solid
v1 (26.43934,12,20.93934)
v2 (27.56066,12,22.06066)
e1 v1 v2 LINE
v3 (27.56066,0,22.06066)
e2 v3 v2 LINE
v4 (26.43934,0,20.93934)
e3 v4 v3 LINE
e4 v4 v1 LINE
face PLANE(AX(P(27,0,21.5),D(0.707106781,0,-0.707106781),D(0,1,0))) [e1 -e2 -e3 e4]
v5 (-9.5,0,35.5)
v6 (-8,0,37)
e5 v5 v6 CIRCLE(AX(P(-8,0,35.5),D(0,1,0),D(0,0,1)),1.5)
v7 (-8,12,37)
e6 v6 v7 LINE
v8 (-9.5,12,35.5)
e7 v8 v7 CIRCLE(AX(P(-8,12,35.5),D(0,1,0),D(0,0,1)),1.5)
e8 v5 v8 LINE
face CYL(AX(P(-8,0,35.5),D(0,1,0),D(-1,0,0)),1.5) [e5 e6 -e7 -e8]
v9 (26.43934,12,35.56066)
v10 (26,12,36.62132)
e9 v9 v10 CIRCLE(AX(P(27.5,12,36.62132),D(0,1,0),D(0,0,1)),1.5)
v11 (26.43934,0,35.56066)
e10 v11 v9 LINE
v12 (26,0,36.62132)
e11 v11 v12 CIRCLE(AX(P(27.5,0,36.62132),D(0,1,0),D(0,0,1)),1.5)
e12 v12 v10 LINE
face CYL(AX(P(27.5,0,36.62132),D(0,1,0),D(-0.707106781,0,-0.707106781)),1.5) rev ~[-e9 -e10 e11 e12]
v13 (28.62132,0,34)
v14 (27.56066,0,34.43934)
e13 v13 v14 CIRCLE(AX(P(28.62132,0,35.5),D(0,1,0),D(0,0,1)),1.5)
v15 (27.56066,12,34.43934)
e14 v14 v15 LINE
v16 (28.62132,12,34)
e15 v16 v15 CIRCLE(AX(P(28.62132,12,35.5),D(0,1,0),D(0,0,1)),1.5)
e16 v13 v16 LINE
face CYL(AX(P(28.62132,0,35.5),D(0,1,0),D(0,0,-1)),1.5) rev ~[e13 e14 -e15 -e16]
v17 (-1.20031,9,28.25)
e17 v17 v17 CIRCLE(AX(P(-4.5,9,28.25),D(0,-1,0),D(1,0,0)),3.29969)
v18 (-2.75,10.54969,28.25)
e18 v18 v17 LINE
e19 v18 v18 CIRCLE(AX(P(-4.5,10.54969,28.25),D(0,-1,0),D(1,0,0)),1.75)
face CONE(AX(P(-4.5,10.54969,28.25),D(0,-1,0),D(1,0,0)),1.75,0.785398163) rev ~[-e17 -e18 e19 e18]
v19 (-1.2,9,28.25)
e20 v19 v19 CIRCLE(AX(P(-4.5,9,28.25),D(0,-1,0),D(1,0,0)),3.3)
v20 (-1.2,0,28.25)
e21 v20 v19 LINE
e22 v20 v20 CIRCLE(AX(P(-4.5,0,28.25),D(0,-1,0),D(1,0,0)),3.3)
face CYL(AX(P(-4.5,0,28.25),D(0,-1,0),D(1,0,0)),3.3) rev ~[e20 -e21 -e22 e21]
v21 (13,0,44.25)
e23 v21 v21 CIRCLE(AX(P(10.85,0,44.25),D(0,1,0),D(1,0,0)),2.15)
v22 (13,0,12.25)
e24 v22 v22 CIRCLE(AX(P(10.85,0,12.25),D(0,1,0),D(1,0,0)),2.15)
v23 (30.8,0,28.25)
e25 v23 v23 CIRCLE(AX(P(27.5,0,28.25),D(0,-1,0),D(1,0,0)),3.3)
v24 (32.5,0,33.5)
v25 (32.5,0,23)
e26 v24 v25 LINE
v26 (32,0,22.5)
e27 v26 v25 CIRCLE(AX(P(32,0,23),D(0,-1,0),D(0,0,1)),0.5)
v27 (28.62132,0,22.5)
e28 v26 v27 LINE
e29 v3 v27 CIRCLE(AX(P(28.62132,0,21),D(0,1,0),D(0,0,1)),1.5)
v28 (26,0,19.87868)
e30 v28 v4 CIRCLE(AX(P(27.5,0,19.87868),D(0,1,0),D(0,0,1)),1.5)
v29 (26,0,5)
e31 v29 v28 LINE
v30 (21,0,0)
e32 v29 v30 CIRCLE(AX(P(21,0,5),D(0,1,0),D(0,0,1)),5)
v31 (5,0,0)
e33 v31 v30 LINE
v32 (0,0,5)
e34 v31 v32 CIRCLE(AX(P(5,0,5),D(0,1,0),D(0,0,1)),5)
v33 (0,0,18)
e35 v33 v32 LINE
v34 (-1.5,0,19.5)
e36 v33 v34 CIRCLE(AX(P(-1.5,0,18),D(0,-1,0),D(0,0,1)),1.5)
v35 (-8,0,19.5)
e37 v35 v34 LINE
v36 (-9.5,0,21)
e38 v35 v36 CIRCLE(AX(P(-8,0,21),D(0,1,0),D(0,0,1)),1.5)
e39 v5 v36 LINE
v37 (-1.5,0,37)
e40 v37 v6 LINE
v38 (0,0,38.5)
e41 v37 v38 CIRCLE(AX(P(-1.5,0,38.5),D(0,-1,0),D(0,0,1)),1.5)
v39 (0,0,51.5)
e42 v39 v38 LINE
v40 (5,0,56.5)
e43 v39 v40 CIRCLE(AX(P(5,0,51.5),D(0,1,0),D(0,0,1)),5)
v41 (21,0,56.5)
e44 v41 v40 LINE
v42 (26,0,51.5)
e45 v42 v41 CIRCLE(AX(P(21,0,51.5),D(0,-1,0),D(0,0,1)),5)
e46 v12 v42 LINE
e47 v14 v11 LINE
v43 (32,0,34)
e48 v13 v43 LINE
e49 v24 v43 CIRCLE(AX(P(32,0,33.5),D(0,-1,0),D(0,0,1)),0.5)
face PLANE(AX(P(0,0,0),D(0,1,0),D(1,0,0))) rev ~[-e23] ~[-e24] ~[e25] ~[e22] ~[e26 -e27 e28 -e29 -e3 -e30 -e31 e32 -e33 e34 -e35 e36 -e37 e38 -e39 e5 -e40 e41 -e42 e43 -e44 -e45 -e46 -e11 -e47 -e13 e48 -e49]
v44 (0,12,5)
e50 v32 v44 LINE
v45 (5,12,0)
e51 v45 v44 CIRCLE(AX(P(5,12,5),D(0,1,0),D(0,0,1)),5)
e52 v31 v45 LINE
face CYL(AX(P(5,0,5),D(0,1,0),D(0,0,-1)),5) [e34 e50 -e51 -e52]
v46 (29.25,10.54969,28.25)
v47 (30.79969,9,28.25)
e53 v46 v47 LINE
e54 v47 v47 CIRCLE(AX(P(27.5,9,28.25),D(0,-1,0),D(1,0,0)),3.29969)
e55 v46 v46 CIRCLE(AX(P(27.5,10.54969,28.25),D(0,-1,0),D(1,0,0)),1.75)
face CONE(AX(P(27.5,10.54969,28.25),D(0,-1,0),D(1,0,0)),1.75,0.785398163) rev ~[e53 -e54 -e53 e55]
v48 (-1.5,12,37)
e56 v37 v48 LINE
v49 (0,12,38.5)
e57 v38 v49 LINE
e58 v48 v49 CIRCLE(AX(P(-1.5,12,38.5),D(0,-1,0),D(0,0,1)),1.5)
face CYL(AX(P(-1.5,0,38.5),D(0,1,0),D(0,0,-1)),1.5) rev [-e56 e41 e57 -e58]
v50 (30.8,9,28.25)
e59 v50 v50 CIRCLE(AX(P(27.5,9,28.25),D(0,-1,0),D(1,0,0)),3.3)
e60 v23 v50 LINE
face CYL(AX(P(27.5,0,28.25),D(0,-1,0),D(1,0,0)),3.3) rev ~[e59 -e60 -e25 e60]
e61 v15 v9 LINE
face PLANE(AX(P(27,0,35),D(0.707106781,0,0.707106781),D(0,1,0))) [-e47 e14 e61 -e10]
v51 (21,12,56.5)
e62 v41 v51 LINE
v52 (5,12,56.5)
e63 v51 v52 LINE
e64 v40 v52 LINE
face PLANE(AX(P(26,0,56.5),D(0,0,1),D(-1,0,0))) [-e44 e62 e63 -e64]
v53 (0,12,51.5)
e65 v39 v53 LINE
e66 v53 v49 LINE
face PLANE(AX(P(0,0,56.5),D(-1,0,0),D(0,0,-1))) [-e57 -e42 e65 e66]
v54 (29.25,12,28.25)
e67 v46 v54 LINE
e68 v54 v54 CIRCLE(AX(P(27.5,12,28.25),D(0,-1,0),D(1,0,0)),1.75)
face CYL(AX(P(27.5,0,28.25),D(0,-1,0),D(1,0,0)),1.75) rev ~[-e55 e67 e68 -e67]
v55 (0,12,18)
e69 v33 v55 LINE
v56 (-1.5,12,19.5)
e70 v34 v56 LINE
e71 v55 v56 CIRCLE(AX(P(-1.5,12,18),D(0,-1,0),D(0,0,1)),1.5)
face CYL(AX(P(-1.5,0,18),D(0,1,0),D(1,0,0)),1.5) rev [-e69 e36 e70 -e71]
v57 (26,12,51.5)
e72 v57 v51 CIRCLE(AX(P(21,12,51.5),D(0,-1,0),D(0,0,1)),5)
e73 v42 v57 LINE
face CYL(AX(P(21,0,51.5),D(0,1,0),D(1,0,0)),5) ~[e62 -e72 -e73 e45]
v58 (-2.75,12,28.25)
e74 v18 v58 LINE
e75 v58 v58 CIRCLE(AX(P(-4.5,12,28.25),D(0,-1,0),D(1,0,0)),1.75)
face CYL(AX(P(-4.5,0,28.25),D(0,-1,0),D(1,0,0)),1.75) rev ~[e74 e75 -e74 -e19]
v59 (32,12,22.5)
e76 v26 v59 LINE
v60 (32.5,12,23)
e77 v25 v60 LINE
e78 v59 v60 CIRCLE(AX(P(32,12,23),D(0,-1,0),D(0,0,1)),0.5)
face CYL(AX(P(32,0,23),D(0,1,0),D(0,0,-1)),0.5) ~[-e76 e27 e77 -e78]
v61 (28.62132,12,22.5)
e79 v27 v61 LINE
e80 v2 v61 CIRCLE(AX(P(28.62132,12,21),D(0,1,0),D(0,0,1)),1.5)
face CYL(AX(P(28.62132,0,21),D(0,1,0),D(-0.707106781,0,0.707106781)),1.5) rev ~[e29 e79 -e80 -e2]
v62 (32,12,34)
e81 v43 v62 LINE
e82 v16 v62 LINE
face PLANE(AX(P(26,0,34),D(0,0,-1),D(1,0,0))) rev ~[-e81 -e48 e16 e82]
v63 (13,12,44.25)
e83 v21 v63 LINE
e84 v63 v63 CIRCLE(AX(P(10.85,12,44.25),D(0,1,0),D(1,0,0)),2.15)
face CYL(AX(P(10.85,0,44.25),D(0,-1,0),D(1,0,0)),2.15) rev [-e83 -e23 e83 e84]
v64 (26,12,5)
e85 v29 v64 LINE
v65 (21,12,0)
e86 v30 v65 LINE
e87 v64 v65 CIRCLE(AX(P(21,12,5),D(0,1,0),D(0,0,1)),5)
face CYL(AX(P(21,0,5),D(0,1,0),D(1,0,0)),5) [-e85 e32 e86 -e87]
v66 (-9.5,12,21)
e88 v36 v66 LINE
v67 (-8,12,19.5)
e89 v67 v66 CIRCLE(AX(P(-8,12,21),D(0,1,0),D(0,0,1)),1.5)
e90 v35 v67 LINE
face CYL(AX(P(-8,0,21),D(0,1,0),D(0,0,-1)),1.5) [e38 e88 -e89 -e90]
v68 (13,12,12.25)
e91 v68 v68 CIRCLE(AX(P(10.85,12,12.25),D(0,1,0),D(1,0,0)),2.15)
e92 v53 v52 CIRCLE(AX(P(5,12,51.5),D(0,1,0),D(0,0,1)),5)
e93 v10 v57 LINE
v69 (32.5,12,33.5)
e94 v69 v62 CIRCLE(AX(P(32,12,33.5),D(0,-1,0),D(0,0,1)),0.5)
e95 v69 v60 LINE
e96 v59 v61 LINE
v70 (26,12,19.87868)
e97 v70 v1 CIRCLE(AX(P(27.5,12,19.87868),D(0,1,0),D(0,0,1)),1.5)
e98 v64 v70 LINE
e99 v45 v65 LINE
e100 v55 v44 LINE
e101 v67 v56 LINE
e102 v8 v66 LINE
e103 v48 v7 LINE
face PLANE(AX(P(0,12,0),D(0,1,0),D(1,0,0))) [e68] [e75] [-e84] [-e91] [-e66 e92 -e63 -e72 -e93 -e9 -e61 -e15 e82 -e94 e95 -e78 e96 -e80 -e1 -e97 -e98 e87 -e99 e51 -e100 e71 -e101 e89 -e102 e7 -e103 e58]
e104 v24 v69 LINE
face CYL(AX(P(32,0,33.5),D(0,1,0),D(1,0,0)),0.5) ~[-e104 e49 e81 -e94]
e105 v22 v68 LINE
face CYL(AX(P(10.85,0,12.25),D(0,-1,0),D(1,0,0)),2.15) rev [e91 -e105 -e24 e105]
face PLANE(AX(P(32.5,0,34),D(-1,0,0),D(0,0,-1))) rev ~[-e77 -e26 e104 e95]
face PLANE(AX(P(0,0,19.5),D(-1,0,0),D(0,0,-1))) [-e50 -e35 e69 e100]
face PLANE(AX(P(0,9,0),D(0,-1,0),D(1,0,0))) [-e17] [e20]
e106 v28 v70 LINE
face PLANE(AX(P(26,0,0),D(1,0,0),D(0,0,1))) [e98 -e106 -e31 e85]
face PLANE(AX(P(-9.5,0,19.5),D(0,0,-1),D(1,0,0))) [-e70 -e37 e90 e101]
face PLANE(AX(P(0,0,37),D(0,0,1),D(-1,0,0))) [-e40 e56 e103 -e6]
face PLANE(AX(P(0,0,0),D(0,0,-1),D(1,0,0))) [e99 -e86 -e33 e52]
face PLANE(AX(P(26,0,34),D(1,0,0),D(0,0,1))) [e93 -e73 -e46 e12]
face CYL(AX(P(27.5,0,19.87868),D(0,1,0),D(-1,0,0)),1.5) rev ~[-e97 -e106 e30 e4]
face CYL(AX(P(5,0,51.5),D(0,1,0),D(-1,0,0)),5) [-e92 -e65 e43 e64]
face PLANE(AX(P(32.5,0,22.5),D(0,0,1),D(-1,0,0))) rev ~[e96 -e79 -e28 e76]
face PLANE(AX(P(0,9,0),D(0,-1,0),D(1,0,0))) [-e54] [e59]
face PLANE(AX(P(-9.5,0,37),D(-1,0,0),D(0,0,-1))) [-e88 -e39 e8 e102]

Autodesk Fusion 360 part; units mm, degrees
sketch "Sketch1" plane through (0, 0, 0) normal (0, 1, 0) x (1, 0, 0)
  line L0 (0, 0) -> (26, 0)
  line L1 (26, 0) -> (26, -56.5)
  line L2 (26, -56.5) -> (0, -56.5)
  line L3 (0, -56.5) -> (0, 0)
  line L4 (0, -37) -> (-9.5, -37)
  line L5 (-9.5, -37) -> (-9.5, -19.5)
  line L6 (-9.5, -19.5) -> (0, -19.5)
  line L7 (-9.5, -28.25) -> (0, -28.25) construction
  line L8 (26, -34) -> (32.5, -34)
  line L9 (32.5, -34) -> (32.5, -22.5)
  line L10 (32.5, -22.5) -> (26, -22.5)
  line L11 (26, -28.25) -> (32.5, -28.25) construction
  circle A0 centre (10.85, -44.25) radius 2.15
  circle A1 centre (10.85, -12.25) radius 2.15
  line L12 (10.85, -44.25) -> (10.85, -12.25) construction
  line L13 (0, -28.25) -> (10.85, -28.25) construction
  line L14 (8.7, -44.25) -> (10.85, -44.25) construction
  point P0 (8.7, -44.25)
  dimension "d2" = 26
  dimension "d3" = 56.5
  dimension "d4" = 9.5
  dimension "d5" = 17.5
  dimension "d6" = 6.5
  dimension "d7" = 11.5
  dimension "d8" = 32
  dimension "d9" = 4.3
  dimension "d10" = 8.7
extrude "Extrude1" add sketch "Sketch1" along normal blind 12
sketch "Sketch2" plane through (0, 0, 0) normal (0, -1, 0) x (1, 0, 0)
  circle A0 centre (10.85, 12.25) radius 2.15
  circle A1 centre (10.85, 44.25) radius 2.15
  line L0 (32.5, 34) -> (26, 34)
  line L1 (26, 34) -> (26, 56.5)
  line L2 (26, 56.5) -> (0, 56.5)
  line L3 (0, 56.5) -> (0, 37)
  line L4 (0, 37) -> (-9.5, 37)
  line L5 (-9.5, 37) -> (-9.5, 19.5)
  line L6 (-9.5, 19.5) -> (0, 19.5)
  line L7 (0, 19.5) -> (0, 0)
  line L8 (0, 0) -> (26, 0)
  line L9 (26, 0) -> (26, 22.5)
  line L10 (26, 22.5) -> (32.5, 22.5)
  line L11 (32.5, 22.5) -> (32.5, 34)
  line L12 (-9.5, 28.25) -> (32.5, 28.25) construction
  circle A2 centre (-4.5, 28.25) radius 3.3
  circle A3 centre (-4.5, 28.25) radius 1.75
  circle A4 centre (27.5, 28.25) radius 1.75
  circle A5 centre (27.5, 28.25) radius 3.3
  dimension "d20" = 3.5
  dimension "d21" = 6.6
  dimension "d22" = 5
  dimension "d23" = 5
extrude "Extrude2" cut sketch "Sketch2" against normal up to surface (12 mm away) contours A3 | A4
extrude "Extrude3" cut sketch "Sketch2" against normal up to surface (9 mm away) contours A2 | A5
chamfer "Chamfer2" distance 1.55 angle 45 2 edges at (-6.1316, 9, 27.6172) (25.8684, 9, 27.6172)
chamfer "Chamfer1" distance 2 angle 45 2 edges at (26, 6, 34) (26, 6, 22.5)
fillet "Fillet1" radius 1.5 8 edges at (0, 6, 37) (0, 6, 19.5) (26, 6, 36) (28, 6, 34) (26, 6, 20.5) (28, 6, 22.5) (-9.5, 6, 37) (-9.5, 6, 19.5)
fillet "Fillet2" radius 5 4 edges at (26, 6, 0) (0, 6, 56.5) (26, 6, 56.5) (0, 6, 0)
fillet "Fillet3" radius 0.5 2 edges at (32.5, 6, 34) (32.5, 6, 22.5)
equation "d11 = thickness"
equation "thickness = 12 mm"
